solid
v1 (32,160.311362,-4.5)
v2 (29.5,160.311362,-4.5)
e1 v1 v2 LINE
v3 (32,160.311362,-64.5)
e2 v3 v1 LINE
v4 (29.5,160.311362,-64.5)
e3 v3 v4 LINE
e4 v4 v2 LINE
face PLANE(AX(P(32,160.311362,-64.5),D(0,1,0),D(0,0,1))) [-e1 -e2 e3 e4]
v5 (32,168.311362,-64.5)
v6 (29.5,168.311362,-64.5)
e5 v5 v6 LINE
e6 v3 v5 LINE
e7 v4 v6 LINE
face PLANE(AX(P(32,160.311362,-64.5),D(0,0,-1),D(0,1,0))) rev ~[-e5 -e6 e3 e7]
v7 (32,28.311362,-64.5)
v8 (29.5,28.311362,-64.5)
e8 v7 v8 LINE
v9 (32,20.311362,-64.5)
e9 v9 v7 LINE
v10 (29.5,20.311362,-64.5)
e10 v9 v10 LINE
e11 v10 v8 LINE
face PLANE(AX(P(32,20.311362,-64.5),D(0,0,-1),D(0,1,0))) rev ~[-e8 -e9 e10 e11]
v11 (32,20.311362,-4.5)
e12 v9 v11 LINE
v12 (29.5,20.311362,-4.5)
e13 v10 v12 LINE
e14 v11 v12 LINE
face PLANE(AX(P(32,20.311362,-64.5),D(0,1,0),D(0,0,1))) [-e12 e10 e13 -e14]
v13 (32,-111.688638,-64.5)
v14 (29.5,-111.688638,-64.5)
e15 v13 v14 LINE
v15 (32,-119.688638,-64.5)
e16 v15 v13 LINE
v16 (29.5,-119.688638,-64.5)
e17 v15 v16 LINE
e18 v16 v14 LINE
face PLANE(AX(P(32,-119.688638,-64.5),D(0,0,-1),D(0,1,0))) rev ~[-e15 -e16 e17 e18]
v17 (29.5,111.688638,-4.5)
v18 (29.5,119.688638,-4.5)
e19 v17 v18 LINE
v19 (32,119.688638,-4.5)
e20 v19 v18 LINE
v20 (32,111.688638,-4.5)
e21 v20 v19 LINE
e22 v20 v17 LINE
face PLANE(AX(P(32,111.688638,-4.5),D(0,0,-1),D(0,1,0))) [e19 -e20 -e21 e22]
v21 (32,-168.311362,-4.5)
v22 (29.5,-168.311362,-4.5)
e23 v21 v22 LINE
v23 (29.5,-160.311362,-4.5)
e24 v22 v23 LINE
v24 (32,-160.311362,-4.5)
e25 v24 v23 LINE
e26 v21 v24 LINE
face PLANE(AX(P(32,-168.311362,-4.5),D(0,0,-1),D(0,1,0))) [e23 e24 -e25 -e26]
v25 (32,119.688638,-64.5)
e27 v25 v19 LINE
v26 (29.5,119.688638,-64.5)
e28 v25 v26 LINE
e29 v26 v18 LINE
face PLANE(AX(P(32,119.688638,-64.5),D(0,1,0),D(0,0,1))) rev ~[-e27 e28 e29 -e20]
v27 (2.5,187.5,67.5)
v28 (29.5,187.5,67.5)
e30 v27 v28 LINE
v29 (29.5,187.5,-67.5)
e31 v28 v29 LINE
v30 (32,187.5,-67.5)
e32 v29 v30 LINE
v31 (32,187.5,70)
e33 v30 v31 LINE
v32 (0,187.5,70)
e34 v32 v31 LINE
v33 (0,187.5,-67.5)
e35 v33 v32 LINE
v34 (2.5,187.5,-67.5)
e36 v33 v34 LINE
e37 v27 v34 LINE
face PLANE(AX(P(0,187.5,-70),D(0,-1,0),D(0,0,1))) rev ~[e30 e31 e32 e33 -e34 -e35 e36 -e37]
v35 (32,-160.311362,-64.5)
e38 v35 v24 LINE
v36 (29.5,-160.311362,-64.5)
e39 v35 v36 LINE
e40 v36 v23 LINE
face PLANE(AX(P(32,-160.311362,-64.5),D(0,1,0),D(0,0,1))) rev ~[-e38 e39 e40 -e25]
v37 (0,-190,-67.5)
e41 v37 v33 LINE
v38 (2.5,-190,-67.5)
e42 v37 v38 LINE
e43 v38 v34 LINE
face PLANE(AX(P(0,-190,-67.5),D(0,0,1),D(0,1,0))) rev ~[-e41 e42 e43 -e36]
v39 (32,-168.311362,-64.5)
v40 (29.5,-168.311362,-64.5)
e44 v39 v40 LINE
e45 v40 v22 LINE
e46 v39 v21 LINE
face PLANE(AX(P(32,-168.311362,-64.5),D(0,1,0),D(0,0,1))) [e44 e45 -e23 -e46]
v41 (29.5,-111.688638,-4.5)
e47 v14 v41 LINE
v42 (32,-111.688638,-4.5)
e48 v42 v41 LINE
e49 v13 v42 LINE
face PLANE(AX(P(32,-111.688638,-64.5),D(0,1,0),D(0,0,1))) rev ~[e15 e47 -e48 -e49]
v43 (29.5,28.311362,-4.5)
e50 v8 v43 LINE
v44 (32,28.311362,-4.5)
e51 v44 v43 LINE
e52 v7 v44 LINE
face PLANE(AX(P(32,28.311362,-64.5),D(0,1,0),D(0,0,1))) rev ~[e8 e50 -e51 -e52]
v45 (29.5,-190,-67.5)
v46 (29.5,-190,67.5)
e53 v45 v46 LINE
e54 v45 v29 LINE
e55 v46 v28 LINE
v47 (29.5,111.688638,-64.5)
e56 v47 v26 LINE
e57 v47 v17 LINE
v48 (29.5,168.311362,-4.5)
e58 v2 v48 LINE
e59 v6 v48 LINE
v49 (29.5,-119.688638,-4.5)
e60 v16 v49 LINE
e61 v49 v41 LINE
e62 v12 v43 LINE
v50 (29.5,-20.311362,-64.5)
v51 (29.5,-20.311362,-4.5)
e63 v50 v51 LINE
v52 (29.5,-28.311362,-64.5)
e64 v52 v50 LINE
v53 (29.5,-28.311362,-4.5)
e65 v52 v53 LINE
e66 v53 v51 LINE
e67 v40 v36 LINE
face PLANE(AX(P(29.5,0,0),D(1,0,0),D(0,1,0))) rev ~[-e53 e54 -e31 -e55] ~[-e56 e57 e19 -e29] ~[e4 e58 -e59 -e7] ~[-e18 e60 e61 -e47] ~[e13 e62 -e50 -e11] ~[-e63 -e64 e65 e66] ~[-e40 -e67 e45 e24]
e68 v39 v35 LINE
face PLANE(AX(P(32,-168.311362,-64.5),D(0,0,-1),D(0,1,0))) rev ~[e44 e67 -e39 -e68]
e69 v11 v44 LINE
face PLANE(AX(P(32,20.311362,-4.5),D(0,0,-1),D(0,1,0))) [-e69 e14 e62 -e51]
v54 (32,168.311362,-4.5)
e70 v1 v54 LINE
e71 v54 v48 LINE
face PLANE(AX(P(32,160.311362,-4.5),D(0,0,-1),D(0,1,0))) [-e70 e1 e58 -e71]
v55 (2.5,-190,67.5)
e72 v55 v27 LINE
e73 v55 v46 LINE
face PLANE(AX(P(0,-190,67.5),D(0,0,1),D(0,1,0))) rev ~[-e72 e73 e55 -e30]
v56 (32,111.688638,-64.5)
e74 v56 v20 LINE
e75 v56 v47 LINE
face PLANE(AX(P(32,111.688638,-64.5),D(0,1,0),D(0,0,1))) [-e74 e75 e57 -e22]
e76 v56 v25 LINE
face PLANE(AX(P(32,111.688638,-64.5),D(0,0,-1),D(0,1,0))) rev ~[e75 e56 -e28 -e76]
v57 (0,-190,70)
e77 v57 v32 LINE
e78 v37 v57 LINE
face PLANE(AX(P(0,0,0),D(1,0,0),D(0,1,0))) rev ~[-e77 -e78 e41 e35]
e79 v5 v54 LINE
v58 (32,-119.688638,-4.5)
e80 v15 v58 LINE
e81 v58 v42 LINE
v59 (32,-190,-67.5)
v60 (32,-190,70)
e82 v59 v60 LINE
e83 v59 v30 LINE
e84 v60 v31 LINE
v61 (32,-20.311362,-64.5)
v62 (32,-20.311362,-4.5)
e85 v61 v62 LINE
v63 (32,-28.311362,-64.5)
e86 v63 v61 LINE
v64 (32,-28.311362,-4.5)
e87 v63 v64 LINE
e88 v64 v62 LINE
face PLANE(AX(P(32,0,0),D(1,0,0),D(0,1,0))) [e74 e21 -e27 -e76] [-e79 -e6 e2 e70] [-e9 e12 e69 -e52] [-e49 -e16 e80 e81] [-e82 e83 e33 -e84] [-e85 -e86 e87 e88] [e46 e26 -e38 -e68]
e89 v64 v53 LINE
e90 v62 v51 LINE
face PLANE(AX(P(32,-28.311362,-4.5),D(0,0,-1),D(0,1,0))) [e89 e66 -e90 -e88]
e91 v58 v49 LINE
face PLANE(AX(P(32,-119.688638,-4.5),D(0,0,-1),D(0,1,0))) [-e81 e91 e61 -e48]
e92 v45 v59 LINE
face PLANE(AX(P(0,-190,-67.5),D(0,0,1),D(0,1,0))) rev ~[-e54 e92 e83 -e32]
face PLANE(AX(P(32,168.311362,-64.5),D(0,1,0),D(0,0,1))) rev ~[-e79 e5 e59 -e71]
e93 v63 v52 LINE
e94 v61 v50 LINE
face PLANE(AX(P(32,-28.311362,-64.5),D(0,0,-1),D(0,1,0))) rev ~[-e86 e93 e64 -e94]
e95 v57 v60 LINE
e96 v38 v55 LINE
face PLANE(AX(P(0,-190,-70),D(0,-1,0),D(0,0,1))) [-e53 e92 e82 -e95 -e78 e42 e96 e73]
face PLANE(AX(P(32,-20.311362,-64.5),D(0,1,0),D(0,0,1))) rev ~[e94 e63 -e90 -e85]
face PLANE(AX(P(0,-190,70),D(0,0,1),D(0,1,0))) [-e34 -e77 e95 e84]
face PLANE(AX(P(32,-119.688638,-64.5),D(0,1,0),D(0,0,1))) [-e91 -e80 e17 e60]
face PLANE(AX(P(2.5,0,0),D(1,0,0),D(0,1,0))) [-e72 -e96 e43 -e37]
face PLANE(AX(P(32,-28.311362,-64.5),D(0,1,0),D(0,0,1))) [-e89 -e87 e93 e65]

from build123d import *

# Parameters (mm, degrees)
F0_W     = 380
F0_H     = 140
F1_DEPTH = 32
F2_T     = -2.5
F3_DEPTH = 2.5
F4_DEPTH = 2.5
F5_W     = 8
F5_H     = 60
F6_DEPTH = 2.5


with BuildPart() as f1:
    # F0 (on Right) → F1 (new body)
    with BuildSketch(Plane.YZ):
        Rectangle(F0_W, F0_H)
    extrude(amount=F1_DEPTH)

    # F2
    f2_openings = [f1.faces().sort_by_distance(p)[0] for p in [
        (16, -190, 0),
    ]]
    offset(amount=F2_T, openings=f2_openings)

    # F3 (cut): a face of the model
    f3_faces = [f1.faces().sort_by_distance(p)[0] for p in [
        (16, 0, -70),
    ]]
    extrude(f3_faces, amount=-F3_DEPTH, mode=Mode.SUBTRACT)

    # F4 (cut): a face of the model
    f4_faces = [f1.faces().sort_by_distance(p)[0] for p in [
        (16, 190, 1.25),
    ]]
    extrude(f4_faces, amount=-F4_DEPTH, mode=Mode.SUBTRACT)

    # F5 (on face) → F6 (cut, through all)
    with BuildSketch(Plane.YZ.offset(32)):
        with Locations((-164.3113616109, -34.5)):
            Rectangle(F5_W, F5_H)
        with Locations((-115.6886383891, -34.5)):
            Rectangle(F5_W, F5_H)
        with Locations((24.3113616109, -34.5)):
            Rectangle(F5_W, F5_H)
        with Locations((-24.3113616109, -34.5)):
            Rectangle(F5_W, F5_H)
        with Locations((164.3113616109, -34.5)):
            Rectangle(F5_W, F5_H)
        with Locations((115.6886383891, -34.5)):
            Rectangle(F5_W, F5_H)
    extrude(amount=-F6_DEPTH, mode=Mode.SUBTRACT)


solid = f1.part
